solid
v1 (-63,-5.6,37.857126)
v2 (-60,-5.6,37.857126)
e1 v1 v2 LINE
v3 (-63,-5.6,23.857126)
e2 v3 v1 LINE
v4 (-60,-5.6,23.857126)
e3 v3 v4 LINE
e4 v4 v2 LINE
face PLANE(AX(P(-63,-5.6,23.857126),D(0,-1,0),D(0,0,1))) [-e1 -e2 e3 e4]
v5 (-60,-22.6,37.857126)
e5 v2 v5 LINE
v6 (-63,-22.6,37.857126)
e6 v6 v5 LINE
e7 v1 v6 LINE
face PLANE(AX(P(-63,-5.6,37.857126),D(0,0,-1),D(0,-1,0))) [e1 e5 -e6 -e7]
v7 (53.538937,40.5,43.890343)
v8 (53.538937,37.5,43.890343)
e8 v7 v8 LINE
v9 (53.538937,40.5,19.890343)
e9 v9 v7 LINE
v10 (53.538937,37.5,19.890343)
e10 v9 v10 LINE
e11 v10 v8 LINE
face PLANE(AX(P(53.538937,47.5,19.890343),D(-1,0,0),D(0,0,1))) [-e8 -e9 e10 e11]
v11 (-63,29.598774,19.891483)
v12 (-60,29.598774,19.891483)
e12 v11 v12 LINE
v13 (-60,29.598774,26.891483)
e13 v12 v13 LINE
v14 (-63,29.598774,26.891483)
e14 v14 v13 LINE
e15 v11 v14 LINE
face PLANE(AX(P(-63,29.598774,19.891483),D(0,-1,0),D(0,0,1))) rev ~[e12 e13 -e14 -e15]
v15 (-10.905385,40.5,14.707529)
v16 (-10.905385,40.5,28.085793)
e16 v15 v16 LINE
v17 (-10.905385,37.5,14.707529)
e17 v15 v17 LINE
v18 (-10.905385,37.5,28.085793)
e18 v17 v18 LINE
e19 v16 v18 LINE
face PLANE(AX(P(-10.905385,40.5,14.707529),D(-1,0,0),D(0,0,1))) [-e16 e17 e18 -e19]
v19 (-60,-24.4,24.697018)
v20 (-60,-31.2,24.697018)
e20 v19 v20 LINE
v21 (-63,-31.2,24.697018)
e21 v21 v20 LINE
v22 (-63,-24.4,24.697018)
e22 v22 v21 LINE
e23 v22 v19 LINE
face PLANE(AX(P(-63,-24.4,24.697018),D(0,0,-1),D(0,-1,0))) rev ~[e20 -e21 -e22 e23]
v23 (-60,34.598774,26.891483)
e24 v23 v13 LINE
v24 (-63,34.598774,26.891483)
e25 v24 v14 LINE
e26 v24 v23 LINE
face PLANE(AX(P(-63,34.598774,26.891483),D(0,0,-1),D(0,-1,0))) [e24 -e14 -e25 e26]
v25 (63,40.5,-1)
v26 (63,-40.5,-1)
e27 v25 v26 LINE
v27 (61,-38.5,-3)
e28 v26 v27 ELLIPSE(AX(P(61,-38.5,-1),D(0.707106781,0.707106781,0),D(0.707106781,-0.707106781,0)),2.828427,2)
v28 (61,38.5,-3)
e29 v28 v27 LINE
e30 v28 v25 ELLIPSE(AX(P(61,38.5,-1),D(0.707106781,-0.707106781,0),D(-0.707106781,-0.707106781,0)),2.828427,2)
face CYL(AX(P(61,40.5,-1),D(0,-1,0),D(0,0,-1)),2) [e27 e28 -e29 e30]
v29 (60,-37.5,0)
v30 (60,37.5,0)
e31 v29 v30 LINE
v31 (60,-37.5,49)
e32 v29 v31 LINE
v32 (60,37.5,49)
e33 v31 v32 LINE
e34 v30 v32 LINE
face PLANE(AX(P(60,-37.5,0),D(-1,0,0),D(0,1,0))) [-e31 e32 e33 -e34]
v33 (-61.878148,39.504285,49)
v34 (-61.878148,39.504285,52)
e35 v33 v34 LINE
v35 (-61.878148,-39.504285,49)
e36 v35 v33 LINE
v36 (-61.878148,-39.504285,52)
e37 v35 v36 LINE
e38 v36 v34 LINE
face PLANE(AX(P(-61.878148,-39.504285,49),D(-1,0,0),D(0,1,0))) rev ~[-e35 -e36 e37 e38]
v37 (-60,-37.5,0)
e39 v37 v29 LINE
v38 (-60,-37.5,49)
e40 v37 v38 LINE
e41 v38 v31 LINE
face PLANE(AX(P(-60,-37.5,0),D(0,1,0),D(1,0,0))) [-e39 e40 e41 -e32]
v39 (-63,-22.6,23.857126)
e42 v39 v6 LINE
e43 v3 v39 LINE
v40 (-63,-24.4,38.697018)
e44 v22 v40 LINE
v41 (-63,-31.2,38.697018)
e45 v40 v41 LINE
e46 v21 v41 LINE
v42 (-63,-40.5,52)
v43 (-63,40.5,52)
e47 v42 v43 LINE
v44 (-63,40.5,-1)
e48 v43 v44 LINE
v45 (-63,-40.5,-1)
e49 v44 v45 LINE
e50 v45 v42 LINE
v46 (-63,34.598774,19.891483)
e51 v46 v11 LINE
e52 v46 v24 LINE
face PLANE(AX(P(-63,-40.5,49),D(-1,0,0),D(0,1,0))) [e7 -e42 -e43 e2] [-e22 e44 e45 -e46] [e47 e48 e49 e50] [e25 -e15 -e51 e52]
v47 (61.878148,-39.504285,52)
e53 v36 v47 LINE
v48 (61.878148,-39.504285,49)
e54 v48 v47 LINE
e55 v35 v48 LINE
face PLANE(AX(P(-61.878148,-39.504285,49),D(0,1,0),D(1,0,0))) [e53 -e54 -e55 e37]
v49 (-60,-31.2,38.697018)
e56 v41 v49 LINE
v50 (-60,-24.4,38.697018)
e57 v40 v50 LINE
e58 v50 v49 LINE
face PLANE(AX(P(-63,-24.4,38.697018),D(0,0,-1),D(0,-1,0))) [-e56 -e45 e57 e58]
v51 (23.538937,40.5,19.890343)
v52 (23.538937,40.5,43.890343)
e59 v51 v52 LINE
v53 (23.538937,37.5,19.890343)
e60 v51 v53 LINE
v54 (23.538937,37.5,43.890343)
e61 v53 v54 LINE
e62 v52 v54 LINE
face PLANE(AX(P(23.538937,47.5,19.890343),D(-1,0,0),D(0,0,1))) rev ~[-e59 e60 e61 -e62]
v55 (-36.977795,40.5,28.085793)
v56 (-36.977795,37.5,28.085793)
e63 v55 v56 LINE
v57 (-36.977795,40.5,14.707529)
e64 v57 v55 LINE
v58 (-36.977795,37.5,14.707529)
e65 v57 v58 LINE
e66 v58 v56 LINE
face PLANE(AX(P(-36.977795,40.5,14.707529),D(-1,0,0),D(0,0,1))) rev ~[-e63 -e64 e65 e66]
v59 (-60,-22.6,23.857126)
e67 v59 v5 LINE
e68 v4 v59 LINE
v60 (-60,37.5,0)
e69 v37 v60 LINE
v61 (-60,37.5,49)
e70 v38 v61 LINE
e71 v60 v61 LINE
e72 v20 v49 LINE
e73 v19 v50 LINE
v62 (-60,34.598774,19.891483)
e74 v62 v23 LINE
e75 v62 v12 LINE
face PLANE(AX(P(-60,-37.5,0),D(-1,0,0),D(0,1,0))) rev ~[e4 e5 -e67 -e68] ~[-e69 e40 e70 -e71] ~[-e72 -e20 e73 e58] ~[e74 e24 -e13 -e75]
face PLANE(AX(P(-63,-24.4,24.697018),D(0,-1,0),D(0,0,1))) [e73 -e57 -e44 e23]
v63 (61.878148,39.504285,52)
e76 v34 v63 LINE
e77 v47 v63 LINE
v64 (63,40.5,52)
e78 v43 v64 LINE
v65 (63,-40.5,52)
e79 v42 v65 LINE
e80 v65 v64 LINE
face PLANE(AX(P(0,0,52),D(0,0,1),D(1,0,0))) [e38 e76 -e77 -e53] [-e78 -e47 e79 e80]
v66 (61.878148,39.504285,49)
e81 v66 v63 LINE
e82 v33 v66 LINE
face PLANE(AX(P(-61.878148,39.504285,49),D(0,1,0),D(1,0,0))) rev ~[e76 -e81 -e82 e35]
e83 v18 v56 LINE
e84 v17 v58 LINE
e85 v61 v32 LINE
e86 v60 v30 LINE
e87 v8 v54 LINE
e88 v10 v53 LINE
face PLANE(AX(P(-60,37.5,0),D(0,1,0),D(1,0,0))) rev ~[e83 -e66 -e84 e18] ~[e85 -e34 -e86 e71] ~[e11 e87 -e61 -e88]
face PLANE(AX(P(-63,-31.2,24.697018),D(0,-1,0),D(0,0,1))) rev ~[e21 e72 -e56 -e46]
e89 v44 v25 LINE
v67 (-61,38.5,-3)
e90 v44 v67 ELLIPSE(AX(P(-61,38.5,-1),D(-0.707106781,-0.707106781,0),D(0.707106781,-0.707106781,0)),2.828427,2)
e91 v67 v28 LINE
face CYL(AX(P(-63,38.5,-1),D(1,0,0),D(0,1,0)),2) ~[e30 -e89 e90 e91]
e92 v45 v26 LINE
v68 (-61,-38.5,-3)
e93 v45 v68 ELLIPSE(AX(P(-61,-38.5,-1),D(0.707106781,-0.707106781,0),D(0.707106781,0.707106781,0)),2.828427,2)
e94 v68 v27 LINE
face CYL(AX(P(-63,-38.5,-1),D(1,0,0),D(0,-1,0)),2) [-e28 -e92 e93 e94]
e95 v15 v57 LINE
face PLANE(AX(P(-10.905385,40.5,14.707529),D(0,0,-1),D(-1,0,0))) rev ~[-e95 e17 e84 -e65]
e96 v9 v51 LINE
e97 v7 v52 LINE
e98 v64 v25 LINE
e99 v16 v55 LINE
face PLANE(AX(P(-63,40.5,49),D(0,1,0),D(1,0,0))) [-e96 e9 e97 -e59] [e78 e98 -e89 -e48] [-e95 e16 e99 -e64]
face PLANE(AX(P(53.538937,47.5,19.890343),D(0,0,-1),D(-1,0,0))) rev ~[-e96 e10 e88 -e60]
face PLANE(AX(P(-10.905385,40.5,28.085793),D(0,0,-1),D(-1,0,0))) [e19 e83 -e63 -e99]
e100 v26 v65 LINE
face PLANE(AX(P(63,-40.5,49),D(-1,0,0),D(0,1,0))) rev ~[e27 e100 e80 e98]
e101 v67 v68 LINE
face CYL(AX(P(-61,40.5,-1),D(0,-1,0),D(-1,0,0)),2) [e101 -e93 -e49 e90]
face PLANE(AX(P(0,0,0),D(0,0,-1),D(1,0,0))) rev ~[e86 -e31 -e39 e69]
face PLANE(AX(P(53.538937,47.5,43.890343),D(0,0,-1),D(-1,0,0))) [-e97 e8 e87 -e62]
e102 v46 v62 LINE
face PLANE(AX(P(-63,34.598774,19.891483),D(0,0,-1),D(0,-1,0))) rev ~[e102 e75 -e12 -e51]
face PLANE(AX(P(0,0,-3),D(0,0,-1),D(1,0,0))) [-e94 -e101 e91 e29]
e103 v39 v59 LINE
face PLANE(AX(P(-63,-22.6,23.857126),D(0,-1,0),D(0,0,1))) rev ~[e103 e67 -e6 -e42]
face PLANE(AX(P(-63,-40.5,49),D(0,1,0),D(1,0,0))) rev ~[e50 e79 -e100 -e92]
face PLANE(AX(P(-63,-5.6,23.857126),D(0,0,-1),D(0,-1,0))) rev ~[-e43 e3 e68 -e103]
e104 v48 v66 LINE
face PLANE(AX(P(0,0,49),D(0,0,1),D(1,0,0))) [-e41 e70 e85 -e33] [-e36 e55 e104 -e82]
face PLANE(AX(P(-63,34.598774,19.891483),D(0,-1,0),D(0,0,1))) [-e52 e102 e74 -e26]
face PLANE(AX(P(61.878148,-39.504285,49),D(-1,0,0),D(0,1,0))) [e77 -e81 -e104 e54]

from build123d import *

# Parameters (mm, degrees)
SKETCH_W        = 126
SKETCH_H        = 81
SKETCH_W_2      = 120
SKETCH_H_2      = 75
PAD_DEPTH       = 49
SKETCH001_W     = 126
SKETCH001_H     = 81
PAD001_DEPTH    = 3
SKETCH006_W     = 26.07241
SKETCH006_H     = 13.378264
POCKET002_DEPTH = 5
SKETCH007_W     = 126
SKETCH007_H     = 81
SKETCH007_W_2   = 123.756296
SKETCH007_H_2   = 79.00857
PAD004_DEPTH    = 3
SKETCH003_W     = 17
SKETCH003_H     = 14
SKETCH003_W_2   = 6.8
POCKET_DEPTH    = 5
SKETCH004_W     = 30
SKETCH004_H     = 24
POCKET003_DEPTH = 10
FILLET_R        = 2
SKETCH008_W     = 5
SKETCH008_H     = 7
POCKET004_DEPTH = 5


with BuildPart() as part:
    # Sketch → Pad (new body)
    with BuildSketch(Plane.XY):
        Rectangle(SKETCH_W, SKETCH_H)
        Rectangle(SKETCH_W_2, SKETCH_H_2, mode=Mode.SUBTRACT)
    extrude(amount=PAD_DEPTH)

    # Sketch001 (on Face9 of Pad) → Pad001 (join)
    with BuildSketch(Plane(origin=(0, 0, 0), x_dir=(1, 0, 0), z_dir=(0, 0, -1))):
        Rectangle(SKETCH001_W, SKETCH001_H)
    extrude(amount=PAD001_DEPTH)

    # Sketch006 → Pocket002 (cut)
    with BuildSketch(Plane(origin=(0, 40.5, 0), x_dir=(-1, 0, 0), z_dir=(0, 1, 0))):
        with Locations((23.94159, 21.396661)):
            Rectangle(SKETCH006_W, SKETCH006_H)
    extrude(amount=-POCKET002_DEPTH, mode=Mode.SUBTRACT)

    # Sketch007 (on Face4 of Pocket002) → Pad004 (join)
    with BuildSketch(Plane.XY.offset(49)):
        Rectangle(SKETCH007_W, SKETCH007_H)
        Rectangle(SKETCH007_W_2, SKETCH007_H_2, mode=Mode.SUBTRACT)
    extrude(amount=PAD004_DEPTH)

    # Sketch003 → Pocket (cut)
    with BuildSketch(Plane(origin=(-63, 0, 0), x_dir=(0, -1, 0), z_dir=(-1, 0, 0))):
        with Locations((14.1, 30.857126)):
            Rectangle(SKETCH003_W, SKETCH003_H)
        with Locations((27.8, 31.697018)):
            Rectangle(SKETCH003_W_2, SKETCH003_H)
    extrude(amount=-POCKET_DEPTH, mode=Mode.SUBTRACT)

    # Sketch004 → Pocket003 (cut)
    with BuildSketch(Plane(origin=(0, 47.5, 0), x_dir=(-1, 0, 0), z_dir=(0, 1, 0))):
        with Locations((-38.538937, 31.890343)):
            Rectangle(SKETCH004_W, SKETCH004_H)
    extrude(amount=-POCKET003_DEPTH, mode=Mode.SUBTRACT)

    # Fillet
    fillet_edges = [part.edges().sort_by_distance(p)[0] for p in [
        (0, -40.5, -3),
        (63, 0, -3),
        (0, 40.5, -3),
        (-63, 0, -3),
    ]]
    fillet(fillet_edges, radius=FILLET_R)

    # Sketch008 (on Face11 of Fillet) → Pocket004 (cut)
    with BuildSketch(Plane(origin=(-63, 0, 0), x_dir=(0, -1, 0), z_dir=(-1, 0, 0))):
        with Locations((-32.098774, 23.391483)):
            Rectangle(SKETCH008_W, SKETCH008_H)
    extrude(amount=-POCKET004_DEPTH, mode=Mode.SUBTRACT)


solid = part.part
